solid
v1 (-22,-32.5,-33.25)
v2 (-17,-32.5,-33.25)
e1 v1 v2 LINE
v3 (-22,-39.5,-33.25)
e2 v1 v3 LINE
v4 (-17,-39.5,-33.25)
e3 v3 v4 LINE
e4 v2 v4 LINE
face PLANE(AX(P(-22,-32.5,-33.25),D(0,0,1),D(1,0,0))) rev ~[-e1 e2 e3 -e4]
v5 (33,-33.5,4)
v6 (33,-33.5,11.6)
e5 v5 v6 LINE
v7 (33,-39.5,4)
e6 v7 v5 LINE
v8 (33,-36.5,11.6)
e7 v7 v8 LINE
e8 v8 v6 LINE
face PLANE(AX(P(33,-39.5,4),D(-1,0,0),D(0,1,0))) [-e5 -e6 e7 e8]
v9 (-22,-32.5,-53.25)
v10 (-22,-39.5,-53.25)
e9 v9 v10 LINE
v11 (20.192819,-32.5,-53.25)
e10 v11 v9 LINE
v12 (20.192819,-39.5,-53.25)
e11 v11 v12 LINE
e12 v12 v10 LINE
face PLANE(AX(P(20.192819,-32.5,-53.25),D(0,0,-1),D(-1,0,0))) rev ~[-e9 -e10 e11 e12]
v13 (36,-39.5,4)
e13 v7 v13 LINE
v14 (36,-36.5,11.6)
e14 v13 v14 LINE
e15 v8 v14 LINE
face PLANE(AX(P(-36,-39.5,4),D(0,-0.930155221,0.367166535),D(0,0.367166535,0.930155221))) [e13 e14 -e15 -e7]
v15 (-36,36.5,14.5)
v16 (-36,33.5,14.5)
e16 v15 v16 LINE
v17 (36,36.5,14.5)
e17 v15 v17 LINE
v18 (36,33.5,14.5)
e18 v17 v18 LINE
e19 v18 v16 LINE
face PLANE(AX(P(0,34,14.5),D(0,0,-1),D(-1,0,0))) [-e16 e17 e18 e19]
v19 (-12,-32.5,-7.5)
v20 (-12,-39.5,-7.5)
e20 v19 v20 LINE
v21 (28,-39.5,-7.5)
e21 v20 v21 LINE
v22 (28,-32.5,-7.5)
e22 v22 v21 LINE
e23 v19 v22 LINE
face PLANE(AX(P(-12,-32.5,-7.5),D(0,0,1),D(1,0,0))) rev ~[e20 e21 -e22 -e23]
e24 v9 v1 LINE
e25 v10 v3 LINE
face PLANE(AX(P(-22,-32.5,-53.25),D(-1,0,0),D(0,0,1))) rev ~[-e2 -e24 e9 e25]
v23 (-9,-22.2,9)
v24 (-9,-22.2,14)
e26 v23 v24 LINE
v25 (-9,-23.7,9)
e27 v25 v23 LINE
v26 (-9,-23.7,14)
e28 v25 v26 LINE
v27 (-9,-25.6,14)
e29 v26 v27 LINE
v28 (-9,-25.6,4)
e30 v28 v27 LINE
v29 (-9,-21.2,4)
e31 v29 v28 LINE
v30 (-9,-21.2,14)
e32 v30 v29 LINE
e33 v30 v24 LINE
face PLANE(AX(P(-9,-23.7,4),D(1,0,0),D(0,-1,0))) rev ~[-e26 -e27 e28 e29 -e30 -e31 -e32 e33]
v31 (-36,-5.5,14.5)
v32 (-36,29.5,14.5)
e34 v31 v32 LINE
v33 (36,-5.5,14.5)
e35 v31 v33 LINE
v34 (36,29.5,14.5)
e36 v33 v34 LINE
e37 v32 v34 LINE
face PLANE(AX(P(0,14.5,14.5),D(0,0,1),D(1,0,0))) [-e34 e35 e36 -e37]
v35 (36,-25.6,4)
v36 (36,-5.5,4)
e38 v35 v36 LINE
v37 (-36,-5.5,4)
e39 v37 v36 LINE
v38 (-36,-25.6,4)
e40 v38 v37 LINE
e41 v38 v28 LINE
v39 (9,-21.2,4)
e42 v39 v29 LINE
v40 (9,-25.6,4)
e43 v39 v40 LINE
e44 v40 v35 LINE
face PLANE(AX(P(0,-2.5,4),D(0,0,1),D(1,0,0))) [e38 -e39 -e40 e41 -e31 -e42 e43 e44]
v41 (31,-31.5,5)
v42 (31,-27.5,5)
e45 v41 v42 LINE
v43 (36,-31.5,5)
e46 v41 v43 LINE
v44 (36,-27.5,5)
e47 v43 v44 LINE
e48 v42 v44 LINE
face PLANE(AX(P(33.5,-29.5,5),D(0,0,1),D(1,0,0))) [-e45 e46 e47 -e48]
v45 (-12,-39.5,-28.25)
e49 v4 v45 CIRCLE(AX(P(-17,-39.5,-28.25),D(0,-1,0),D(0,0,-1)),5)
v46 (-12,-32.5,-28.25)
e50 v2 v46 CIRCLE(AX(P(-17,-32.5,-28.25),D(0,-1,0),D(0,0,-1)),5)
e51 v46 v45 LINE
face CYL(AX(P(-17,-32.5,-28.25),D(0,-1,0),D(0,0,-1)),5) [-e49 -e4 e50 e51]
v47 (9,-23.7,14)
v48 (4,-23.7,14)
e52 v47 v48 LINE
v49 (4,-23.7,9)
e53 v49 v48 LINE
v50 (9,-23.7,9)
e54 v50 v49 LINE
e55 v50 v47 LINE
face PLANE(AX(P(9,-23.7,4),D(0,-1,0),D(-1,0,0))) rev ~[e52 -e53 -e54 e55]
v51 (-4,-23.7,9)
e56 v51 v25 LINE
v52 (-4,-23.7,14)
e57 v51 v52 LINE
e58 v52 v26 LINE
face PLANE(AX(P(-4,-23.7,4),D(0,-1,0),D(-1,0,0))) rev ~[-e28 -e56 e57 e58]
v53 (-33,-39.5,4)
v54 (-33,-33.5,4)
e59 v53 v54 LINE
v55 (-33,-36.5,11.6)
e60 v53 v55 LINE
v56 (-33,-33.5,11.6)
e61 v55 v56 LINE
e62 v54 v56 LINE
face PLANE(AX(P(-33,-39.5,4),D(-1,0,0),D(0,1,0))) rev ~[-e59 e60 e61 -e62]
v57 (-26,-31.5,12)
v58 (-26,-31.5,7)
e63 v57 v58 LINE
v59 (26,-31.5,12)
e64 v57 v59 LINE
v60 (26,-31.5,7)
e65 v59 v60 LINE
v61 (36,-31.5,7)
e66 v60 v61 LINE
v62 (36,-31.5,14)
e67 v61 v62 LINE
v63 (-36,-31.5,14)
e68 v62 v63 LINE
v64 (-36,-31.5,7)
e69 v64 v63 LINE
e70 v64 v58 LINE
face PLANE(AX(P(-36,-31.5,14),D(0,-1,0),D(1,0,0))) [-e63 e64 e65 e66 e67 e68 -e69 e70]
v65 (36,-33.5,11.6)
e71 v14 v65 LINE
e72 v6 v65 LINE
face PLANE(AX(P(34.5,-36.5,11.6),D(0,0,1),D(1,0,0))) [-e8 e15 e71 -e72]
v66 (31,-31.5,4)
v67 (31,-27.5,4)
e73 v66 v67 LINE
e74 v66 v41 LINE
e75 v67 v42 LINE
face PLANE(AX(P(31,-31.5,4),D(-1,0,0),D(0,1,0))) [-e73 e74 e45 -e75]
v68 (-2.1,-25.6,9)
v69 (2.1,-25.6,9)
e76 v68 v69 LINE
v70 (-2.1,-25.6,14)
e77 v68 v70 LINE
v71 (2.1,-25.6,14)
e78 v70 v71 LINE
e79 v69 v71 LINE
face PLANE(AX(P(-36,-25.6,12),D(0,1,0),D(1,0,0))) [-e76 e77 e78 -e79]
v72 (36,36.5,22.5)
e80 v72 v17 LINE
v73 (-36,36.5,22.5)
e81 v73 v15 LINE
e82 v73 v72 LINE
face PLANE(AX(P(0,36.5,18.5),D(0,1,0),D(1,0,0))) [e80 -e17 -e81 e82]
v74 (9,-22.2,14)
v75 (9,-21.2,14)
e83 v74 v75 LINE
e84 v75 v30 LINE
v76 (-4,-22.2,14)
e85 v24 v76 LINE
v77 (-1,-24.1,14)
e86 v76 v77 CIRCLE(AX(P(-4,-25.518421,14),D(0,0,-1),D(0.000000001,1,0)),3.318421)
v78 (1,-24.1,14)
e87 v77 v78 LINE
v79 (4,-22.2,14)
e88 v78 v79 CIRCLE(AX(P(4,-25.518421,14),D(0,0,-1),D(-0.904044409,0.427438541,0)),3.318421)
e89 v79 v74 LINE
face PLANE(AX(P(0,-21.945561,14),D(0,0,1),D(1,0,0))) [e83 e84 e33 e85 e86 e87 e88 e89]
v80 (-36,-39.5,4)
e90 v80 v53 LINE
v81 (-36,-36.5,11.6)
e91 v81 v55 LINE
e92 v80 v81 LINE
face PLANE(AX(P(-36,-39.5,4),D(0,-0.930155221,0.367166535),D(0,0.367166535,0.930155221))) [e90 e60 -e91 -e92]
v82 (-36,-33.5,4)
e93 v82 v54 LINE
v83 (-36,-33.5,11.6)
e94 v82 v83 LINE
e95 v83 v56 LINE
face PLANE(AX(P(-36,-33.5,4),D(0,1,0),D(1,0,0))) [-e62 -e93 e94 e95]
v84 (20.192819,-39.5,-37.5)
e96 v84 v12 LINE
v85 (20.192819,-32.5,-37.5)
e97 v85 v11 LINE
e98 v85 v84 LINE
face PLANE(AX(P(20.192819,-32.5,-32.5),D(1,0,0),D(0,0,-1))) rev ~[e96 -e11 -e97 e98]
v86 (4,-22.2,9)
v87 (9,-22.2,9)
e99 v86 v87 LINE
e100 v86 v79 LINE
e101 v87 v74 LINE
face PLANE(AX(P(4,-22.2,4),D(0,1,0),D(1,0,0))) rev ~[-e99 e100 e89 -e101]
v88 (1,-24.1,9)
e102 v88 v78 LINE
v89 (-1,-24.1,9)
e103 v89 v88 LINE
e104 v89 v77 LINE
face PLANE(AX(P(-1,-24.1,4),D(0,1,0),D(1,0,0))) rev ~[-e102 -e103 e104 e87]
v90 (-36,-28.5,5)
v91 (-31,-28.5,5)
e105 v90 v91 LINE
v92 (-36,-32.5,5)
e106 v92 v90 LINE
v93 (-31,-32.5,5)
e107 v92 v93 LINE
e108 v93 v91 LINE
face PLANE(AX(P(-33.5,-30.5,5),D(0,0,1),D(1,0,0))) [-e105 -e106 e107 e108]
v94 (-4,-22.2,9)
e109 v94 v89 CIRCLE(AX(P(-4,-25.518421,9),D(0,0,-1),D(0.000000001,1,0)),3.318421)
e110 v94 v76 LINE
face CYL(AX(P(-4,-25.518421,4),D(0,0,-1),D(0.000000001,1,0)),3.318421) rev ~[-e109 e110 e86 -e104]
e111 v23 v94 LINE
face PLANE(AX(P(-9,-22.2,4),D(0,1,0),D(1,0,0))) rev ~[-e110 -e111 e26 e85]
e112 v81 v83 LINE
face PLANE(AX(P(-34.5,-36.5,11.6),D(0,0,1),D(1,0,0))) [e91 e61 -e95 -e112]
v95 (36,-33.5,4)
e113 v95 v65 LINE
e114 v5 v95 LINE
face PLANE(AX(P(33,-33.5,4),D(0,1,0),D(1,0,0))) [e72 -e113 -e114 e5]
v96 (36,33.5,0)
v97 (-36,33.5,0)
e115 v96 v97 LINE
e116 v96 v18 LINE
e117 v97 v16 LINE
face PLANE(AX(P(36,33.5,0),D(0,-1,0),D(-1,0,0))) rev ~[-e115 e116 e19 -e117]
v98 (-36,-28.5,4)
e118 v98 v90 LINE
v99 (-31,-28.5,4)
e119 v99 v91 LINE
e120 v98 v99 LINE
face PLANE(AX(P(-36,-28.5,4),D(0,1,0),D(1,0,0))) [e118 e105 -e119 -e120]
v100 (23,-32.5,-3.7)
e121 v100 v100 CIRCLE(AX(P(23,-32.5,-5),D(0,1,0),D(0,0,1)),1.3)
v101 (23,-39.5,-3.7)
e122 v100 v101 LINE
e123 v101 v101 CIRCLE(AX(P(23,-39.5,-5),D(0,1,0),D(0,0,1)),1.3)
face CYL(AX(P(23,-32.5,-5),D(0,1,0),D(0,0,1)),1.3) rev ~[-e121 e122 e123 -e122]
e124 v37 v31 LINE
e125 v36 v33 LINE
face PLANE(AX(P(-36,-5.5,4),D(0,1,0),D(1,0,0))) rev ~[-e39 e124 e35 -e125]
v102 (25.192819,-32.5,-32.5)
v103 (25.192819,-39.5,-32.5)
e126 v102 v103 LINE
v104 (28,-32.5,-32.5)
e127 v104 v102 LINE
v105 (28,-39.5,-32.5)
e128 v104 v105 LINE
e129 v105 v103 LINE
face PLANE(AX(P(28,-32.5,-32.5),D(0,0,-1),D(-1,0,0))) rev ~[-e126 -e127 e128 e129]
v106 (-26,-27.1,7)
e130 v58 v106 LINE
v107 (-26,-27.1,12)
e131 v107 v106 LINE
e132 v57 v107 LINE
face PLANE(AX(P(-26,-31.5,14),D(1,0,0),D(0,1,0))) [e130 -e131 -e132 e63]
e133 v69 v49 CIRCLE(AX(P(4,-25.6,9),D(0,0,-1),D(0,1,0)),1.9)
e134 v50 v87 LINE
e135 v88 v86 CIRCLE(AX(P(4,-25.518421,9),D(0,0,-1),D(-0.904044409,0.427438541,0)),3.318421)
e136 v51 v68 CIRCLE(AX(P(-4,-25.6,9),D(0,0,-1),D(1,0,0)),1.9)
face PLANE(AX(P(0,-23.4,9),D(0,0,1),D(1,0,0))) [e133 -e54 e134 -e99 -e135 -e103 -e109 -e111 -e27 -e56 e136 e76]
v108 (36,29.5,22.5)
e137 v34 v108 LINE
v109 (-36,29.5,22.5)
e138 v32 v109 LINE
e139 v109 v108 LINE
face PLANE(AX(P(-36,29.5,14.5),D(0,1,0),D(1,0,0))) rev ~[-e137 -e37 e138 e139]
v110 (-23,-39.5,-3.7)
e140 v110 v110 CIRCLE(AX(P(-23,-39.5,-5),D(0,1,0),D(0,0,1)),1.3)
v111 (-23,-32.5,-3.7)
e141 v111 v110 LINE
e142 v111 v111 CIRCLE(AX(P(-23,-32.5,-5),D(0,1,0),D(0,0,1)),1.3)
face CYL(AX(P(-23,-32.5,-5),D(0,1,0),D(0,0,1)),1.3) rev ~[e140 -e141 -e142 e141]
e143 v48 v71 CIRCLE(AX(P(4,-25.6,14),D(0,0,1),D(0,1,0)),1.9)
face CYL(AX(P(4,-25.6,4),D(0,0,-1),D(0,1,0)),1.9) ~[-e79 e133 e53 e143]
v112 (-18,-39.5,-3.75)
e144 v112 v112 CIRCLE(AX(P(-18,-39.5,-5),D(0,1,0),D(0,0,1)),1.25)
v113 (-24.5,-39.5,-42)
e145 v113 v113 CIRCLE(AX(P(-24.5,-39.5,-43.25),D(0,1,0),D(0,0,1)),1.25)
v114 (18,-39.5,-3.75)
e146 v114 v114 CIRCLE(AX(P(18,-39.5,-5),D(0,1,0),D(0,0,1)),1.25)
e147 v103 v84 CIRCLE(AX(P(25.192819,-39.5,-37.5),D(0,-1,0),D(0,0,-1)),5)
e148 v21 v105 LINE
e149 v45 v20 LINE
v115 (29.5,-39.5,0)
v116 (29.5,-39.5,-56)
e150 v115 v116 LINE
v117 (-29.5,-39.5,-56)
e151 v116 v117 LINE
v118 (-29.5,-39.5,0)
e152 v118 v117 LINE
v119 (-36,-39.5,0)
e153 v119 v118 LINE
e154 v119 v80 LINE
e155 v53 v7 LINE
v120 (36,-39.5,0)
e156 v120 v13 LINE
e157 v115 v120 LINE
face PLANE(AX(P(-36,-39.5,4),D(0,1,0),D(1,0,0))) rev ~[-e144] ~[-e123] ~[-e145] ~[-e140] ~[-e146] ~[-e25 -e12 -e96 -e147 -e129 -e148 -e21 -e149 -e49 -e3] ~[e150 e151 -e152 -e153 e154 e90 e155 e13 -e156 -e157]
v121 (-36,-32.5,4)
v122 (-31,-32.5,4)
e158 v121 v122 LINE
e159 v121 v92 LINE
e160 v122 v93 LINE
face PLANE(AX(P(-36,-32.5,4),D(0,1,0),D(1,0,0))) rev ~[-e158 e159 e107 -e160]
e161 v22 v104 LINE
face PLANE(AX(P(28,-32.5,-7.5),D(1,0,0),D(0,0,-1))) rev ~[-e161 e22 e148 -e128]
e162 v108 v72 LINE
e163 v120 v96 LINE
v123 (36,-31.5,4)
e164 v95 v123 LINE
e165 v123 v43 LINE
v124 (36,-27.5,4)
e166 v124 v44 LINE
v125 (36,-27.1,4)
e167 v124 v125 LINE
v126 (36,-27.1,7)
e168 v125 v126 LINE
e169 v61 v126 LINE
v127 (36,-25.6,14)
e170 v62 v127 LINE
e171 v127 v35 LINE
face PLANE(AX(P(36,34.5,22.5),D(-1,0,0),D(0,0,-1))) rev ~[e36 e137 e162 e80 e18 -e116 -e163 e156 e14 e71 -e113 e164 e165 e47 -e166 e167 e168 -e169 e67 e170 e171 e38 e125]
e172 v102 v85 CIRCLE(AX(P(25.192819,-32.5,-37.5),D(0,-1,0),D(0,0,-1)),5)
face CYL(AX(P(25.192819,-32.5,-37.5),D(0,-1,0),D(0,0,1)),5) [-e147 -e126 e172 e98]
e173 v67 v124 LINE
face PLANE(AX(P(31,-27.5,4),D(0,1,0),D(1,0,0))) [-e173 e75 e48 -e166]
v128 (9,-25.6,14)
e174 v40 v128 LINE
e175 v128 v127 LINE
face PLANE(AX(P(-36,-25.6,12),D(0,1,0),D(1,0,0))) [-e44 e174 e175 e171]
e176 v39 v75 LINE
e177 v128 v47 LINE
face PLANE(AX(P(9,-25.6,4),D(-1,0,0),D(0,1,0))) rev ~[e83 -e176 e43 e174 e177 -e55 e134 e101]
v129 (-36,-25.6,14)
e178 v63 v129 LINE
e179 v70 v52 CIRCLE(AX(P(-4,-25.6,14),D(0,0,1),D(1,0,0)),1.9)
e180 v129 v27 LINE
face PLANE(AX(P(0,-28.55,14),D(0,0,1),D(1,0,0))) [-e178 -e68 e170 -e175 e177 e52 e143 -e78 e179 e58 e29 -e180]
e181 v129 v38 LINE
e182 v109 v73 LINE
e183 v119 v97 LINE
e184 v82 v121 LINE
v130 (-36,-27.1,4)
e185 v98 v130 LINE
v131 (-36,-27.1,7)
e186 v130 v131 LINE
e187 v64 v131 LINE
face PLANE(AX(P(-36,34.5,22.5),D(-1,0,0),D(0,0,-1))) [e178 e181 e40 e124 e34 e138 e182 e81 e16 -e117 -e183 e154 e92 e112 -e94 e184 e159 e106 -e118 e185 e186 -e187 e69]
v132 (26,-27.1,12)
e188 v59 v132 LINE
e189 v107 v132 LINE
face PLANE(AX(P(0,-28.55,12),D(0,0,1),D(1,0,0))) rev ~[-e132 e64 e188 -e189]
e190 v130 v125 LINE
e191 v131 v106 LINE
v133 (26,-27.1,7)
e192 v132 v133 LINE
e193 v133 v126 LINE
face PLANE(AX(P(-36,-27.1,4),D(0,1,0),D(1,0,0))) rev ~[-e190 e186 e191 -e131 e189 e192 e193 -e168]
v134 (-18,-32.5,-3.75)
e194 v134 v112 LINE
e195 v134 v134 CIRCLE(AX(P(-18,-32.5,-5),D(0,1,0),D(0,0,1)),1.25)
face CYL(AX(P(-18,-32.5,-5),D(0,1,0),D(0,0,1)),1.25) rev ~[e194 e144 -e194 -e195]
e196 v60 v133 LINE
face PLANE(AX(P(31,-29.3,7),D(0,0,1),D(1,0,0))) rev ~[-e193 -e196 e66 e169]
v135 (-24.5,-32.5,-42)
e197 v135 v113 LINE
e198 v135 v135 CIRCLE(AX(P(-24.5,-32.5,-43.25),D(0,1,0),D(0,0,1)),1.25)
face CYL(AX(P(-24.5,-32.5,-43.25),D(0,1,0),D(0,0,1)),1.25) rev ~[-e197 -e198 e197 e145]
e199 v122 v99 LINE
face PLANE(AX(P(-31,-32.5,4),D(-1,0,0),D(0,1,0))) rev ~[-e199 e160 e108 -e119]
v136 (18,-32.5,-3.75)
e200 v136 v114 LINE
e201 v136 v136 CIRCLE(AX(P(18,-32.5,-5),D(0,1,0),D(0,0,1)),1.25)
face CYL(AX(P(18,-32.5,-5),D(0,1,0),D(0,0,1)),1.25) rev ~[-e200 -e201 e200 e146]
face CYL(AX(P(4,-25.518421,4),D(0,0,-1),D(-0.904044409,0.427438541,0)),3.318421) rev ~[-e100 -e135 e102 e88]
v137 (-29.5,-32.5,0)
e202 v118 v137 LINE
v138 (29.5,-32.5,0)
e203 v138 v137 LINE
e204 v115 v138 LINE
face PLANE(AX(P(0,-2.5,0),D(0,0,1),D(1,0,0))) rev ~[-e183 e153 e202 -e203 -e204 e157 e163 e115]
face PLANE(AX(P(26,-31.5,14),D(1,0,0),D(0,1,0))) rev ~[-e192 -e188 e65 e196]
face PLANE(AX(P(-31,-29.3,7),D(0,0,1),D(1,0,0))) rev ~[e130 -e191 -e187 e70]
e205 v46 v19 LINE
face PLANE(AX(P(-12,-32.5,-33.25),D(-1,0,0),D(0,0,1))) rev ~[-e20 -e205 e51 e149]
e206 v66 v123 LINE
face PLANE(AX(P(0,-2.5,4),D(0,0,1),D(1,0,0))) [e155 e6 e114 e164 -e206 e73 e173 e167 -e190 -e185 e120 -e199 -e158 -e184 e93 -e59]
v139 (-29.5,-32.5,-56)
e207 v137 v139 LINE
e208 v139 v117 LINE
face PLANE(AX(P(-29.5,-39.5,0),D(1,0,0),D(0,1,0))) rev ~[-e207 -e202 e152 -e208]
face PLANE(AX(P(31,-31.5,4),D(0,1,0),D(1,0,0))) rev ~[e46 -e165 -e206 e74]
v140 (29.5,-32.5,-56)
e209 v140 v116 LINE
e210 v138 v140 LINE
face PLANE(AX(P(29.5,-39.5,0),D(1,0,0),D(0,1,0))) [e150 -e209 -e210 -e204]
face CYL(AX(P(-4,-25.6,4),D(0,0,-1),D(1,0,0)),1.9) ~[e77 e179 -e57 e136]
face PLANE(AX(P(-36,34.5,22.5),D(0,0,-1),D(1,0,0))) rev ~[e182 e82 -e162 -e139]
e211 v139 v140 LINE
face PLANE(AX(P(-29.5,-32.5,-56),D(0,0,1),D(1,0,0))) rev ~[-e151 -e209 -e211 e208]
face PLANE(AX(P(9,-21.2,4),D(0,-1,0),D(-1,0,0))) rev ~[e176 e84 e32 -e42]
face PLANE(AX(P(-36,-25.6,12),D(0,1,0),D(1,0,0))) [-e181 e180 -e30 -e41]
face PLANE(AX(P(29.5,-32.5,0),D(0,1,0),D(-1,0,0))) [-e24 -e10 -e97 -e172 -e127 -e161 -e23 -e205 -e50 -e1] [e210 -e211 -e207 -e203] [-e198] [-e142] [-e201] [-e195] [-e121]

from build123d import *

# Parameters (mm, degrees)
CROQUIS1_W               = 72
CROQUIS1_H               = 74
SALIENTE_EXTRUIR3_DEPTH  = 4
CROQUIS2_W               = 3
CROQUIS2_H               = 6
SALIENTE_EXTRUIR4_DEPTH  = 7.6
CORTAR_EXTRUIR3_DEPTH    = 83.938591741
CROQUIS5_W               = 5
CROQUIS5_H               = 4
SALIENTE_EXTRUIR5_DEPTH  = 1
CROQUIS9_W               = 72
CROQUIS9_H               = 1.5
SALIENTE_EXTRUIR6_DEPTH  = 8
CROQUIS10_W              = 72
CROQUIS10_H              = 5.9
SALIENTE_EXTRUIR7_DEPTH  = 2
CROQUIS11_W              = 10
CROQUIS11_H              = 4.4
SALIENTE_EXTRUIR10_DEPTH = 7
SALIENTE_EXTRUIR14_DEPTH = 10
CROQUIS15_W              = 18
CROQUIS15_H              = 4.4
SALIENTE_EXTRUIR15_DEPTH = 5
CROQUIS16_W              = 72
CROQUIS16_H              = 40
SALIENTE_EXTRUIR16_DEPTH = 10.5
CROQUIS17_W              = 72
CROQUIS17_H              = 5
SALIENTE_EXTRUIR17_DEPTH = 8
CROQUIS18_W              = 72
CROQUIS18_H              = 8
SALIENTE_EXTRUIR19_DEPTH = 2
CROQUIS19_W              = 72
CROQUIS19_H              = 1
CORTAR_EXTRUIR4_DEPTH    = 14.5
CROQUIS20_W              = 59
CROQUIS20_H              = 7
SALIENTE_EXTRUIR20_DEPTH = 65
CROQUIS26_R              = 1.25
CROQUIS26_R_2            = 1.3
CORTAR_EXTRUIR5_DEPTH    = 10
REDONDEO1_R              = 5
CORTAR_EXTRUIR6_REACH    = 103.4
CROQUIS27_W              = 59
CROQUIS27_H              = 9


with BuildPart() as part:
    # Croquis1 → Saliente-Extruir3 (new body)
    with BuildSketch(Plane.XY):
        with Locations((0, -2.5)):
            Rectangle(CROQUIS1_W, CROQUIS1_H)
    extrude(amount=SALIENTE_EXTRUIR3_DEPTH)

    # Croquis2 → Saliente-Extruir4 (add)
    with BuildSketch(Plane.XY.offset(4)):
        with Locations((-34.5, -36.5)):
            Rectangle(CROQUIS2_W, CROQUIS2_H)
        with Locations((34.5, -36.5)):
            Rectangle(CROQUIS2_W, CROQUIS2_H)
    extrude(amount=SALIENTE_EXTRUIR4_DEPTH)

    # Croquis3 → Cortar-Extruir3 (cut, through all)
    with BuildSketch(Plane.ZY.offset(36)):
        Polygon((4, -39.5), (11.6, -36.5), (11.6, -39.5), align=None)
    extrude(amount=-CORTAR_EXTRUIR3_DEPTH, mode=Mode.SUBTRACT)

    # Croquis5 → Saliente-Extruir5 (add)
    with BuildSketch(Plane.XY.offset(4)):
        with Locations((-33.5, -30.5)):
            Rectangle(CROQUIS5_W, CROQUIS5_H)
        with Locations((33.5, -29.5)):
            Rectangle(CROQUIS5_W, CROQUIS5_H)
    extrude(amount=SALIENTE_EXTRUIR5_DEPTH)

    # Croquis9 → Saliente-Extruir6 (add)
    with BuildSketch(Plane.XY.offset(4)):
        with Locations((0, -26.35)):
            Rectangle(CROQUIS9_W, CROQUIS9_H)
    extrude(amount=SALIENTE_EXTRUIR6_DEPTH)

    # Croquis10 → Saliente-Extruir7 (add)
    with BuildSketch(Plane.XY.offset(12)):
        with Locations((0, -28.55)):
            Rectangle(CROQUIS10_W, CROQUIS10_H)
    extrude(amount=SALIENTE_EXTRUIR7_DEPTH)

    # Croquis11 → Saliente-Extruir10 (add)
    with BuildSketch(Plane.XY.offset(14)):
        with Locations((-31, -29.3)):
            Rectangle(CROQUIS11_W, CROQUIS11_H)
        with Locations((31, -29.3)):
            Rectangle(CROQUIS11_W, CROQUIS11_H)
    extrude(amount=-SALIENTE_EXTRUIR10_DEPTH)

    # Croquis14 → Saliente-Extruir14 (add)
    with BuildSketch(Plane.XY.offset(4)):
        with BuildLine():
            Line((-9, -23.7), (-9, -25.6))
            Line((-9, -25.6), (-2.1, -25.6))
            ThreePointArc((-2.1, -25.6), (-2.656497116, -24.256497116), (-4, -23.7))
            Line((-4, -23.7), (-9, -23.7))
        make_face()
        with BuildLine():
            Line((-9, -21.2), (-9, -22.2))
            Line((-9, -22.2), (-4, -22.2))
            ThreePointArc((-4, -22.2), (-2.22447191, -22.714955647), (-1, -24.1))
            Line((-1, -24.1), (1, -24.1))
            ThreePointArc((1, -24.1), (2.22447191, -22.714955647), (4, -22.2))
            Line((4, -22.2), (9, -22.2))
            Line((9, -22.2), (9, -21.2))
            Line((9, -21.2), (-9, -21.2))
        make_face()
        with BuildLine():
            ThreePointArc((4, -23.7), (2.656497116, -24.256497116), (2.1, -25.6))
            Line((2.1, -25.6), (9, -25.6))
            Line((9, -25.6), (9, -23.7))
            Line((9, -23.7), (4, -23.7))
        make_face()
    extrude(amount=SALIENTE_EXTRUIR14_DEPTH)

    # Croquis15 → Saliente-Extruir15 (add)
    with BuildSketch(Plane.XY.offset(4)):
        with Locations((0, -23.4)):
            Rectangle(CROQUIS15_W, CROQUIS15_H)
    extrude(amount=SALIENTE_EXTRUIR15_DEPTH)

    # Croquis16 → Saliente-Extruir16 (add)
    with BuildSketch(Plane.XY.offset(4)):
        with Locations((0, 14.5)):
            Rectangle(CROQUIS16_W, CROQUIS16_H)
    extrude(amount=SALIENTE_EXTRUIR16_DEPTH)

    # Croquis17 → Saliente-Extruir17 (add)
    with BuildSketch(Plane.XY.offset(14.5)):
        with Locations((0, 32)):
            Rectangle(CROQUIS17_W, CROQUIS17_H)
    extrude(amount=SALIENTE_EXTRUIR17_DEPTH)

    # Croquis18 → Saliente-Extruir19 (add)
    with BuildSketch(Plane(origin=(0, 34.5, 0), x_dir=(1, 0, 0), z_dir=(0, 1, 0))):
        with Locations((0, -18.5)):
            Rectangle(CROQUIS18_W, CROQUIS18_H)
    extrude(amount=SALIENTE_EXTRUIR19_DEPTH)

    # Croquis19 → Cortar-Extruir4 (cut)
    with BuildSketch(Plane(origin=(0, 0, 0), x_dir=(-1, 0, 0), z_dir=(0, 0, -1))):
        with Locations((0, 34)):
            Rectangle(CROQUIS19_W, CROQUIS19_H)
    extrude(amount=-CORTAR_EXTRUIR4_DEPTH, mode=Mode.SUBTRACT)

    # Croquis20 → Saliente-Extruir20 (add)
    with BuildSketch(Plane(origin=(0, 0, 0), x_dir=(-1, 0, 0), z_dir=(0, 0, -1))):
        with Locations((0, -36)):
            Rectangle(CROQUIS20_W, CROQUIS20_H)
    extrude(amount=SALIENTE_EXTRUIR20_DEPTH)

    # Croquis26 → Cortar-Extruir5 (cut)
    with BuildSketch(Plane(origin=(0, -32.5, 0), x_dir=(1, 0, 0), z_dir=(0, 1, 0))):
        with Locations(Location((-18, 5, 0), (0, 0, 270))):
            Circle(CROQUIS26_R)
        with Locations(Location((18, 5, 0), (0, 0, 270))):
            Circle(CROQUIS26_R)
        Polygon((20.192818919, 53.25), (-22, 53.25), (-22, 33.25), (-12, 33.25), (-12, 7.5), (28, 7.5), (28, 32.5), (20.192818919, 32.5), align=None)
        with Locations(Location((23, 5, 0), (0, 0, 270))):
            Circle(CROQUIS26_R_2)
        with Locations(Location((-23, 5, 0), (0, 0, 270))):
            Circle(CROQUIS26_R_2)
        with Locations(Location((-24.5, 43.25, 0), (0, 0, 270))):
            Circle(CROQUIS26_R)
    extrude(amount=-CORTAR_EXTRUIR5_DEPTH, mode=Mode.SUBTRACT)

    # Redondeo1
    redondeo1_edges = [part.edges().sort_by_distance(p)[0] for p in [
        (20.192818919, -36, -32.5),
        (-12, -36, -33.25),
    ]]
    fillet(redondeo1_edges, radius=REDONDEO1_R)

    # Croquis27 → Cortar-Extruir6 (cut, up to next)
    with BuildSketch(Plane(origin=(0, -32.5, 0), x_dir=(1, 0, 0), z_dir=(0, 1, 0)), mode=Mode.PRIVATE) as cortar_extruir6_sk1:
        with Locations((0, 60.5)):
            Rectangle(CROQUIS27_W, CROQUIS27_H)
    cortar_extruir6_tool1 = extrude(cortar_extruir6_sk1.sketch, amount=-CORTAR_EXTRUIR6_REACH, mode=Mode.PRIVATE) & part.part
    add(cortar_extruir6_tool1.solids().sort_by_distance((0, -32.5, -60.5))[0], mode=Mode.SUBTRACT)


solid = part.part
